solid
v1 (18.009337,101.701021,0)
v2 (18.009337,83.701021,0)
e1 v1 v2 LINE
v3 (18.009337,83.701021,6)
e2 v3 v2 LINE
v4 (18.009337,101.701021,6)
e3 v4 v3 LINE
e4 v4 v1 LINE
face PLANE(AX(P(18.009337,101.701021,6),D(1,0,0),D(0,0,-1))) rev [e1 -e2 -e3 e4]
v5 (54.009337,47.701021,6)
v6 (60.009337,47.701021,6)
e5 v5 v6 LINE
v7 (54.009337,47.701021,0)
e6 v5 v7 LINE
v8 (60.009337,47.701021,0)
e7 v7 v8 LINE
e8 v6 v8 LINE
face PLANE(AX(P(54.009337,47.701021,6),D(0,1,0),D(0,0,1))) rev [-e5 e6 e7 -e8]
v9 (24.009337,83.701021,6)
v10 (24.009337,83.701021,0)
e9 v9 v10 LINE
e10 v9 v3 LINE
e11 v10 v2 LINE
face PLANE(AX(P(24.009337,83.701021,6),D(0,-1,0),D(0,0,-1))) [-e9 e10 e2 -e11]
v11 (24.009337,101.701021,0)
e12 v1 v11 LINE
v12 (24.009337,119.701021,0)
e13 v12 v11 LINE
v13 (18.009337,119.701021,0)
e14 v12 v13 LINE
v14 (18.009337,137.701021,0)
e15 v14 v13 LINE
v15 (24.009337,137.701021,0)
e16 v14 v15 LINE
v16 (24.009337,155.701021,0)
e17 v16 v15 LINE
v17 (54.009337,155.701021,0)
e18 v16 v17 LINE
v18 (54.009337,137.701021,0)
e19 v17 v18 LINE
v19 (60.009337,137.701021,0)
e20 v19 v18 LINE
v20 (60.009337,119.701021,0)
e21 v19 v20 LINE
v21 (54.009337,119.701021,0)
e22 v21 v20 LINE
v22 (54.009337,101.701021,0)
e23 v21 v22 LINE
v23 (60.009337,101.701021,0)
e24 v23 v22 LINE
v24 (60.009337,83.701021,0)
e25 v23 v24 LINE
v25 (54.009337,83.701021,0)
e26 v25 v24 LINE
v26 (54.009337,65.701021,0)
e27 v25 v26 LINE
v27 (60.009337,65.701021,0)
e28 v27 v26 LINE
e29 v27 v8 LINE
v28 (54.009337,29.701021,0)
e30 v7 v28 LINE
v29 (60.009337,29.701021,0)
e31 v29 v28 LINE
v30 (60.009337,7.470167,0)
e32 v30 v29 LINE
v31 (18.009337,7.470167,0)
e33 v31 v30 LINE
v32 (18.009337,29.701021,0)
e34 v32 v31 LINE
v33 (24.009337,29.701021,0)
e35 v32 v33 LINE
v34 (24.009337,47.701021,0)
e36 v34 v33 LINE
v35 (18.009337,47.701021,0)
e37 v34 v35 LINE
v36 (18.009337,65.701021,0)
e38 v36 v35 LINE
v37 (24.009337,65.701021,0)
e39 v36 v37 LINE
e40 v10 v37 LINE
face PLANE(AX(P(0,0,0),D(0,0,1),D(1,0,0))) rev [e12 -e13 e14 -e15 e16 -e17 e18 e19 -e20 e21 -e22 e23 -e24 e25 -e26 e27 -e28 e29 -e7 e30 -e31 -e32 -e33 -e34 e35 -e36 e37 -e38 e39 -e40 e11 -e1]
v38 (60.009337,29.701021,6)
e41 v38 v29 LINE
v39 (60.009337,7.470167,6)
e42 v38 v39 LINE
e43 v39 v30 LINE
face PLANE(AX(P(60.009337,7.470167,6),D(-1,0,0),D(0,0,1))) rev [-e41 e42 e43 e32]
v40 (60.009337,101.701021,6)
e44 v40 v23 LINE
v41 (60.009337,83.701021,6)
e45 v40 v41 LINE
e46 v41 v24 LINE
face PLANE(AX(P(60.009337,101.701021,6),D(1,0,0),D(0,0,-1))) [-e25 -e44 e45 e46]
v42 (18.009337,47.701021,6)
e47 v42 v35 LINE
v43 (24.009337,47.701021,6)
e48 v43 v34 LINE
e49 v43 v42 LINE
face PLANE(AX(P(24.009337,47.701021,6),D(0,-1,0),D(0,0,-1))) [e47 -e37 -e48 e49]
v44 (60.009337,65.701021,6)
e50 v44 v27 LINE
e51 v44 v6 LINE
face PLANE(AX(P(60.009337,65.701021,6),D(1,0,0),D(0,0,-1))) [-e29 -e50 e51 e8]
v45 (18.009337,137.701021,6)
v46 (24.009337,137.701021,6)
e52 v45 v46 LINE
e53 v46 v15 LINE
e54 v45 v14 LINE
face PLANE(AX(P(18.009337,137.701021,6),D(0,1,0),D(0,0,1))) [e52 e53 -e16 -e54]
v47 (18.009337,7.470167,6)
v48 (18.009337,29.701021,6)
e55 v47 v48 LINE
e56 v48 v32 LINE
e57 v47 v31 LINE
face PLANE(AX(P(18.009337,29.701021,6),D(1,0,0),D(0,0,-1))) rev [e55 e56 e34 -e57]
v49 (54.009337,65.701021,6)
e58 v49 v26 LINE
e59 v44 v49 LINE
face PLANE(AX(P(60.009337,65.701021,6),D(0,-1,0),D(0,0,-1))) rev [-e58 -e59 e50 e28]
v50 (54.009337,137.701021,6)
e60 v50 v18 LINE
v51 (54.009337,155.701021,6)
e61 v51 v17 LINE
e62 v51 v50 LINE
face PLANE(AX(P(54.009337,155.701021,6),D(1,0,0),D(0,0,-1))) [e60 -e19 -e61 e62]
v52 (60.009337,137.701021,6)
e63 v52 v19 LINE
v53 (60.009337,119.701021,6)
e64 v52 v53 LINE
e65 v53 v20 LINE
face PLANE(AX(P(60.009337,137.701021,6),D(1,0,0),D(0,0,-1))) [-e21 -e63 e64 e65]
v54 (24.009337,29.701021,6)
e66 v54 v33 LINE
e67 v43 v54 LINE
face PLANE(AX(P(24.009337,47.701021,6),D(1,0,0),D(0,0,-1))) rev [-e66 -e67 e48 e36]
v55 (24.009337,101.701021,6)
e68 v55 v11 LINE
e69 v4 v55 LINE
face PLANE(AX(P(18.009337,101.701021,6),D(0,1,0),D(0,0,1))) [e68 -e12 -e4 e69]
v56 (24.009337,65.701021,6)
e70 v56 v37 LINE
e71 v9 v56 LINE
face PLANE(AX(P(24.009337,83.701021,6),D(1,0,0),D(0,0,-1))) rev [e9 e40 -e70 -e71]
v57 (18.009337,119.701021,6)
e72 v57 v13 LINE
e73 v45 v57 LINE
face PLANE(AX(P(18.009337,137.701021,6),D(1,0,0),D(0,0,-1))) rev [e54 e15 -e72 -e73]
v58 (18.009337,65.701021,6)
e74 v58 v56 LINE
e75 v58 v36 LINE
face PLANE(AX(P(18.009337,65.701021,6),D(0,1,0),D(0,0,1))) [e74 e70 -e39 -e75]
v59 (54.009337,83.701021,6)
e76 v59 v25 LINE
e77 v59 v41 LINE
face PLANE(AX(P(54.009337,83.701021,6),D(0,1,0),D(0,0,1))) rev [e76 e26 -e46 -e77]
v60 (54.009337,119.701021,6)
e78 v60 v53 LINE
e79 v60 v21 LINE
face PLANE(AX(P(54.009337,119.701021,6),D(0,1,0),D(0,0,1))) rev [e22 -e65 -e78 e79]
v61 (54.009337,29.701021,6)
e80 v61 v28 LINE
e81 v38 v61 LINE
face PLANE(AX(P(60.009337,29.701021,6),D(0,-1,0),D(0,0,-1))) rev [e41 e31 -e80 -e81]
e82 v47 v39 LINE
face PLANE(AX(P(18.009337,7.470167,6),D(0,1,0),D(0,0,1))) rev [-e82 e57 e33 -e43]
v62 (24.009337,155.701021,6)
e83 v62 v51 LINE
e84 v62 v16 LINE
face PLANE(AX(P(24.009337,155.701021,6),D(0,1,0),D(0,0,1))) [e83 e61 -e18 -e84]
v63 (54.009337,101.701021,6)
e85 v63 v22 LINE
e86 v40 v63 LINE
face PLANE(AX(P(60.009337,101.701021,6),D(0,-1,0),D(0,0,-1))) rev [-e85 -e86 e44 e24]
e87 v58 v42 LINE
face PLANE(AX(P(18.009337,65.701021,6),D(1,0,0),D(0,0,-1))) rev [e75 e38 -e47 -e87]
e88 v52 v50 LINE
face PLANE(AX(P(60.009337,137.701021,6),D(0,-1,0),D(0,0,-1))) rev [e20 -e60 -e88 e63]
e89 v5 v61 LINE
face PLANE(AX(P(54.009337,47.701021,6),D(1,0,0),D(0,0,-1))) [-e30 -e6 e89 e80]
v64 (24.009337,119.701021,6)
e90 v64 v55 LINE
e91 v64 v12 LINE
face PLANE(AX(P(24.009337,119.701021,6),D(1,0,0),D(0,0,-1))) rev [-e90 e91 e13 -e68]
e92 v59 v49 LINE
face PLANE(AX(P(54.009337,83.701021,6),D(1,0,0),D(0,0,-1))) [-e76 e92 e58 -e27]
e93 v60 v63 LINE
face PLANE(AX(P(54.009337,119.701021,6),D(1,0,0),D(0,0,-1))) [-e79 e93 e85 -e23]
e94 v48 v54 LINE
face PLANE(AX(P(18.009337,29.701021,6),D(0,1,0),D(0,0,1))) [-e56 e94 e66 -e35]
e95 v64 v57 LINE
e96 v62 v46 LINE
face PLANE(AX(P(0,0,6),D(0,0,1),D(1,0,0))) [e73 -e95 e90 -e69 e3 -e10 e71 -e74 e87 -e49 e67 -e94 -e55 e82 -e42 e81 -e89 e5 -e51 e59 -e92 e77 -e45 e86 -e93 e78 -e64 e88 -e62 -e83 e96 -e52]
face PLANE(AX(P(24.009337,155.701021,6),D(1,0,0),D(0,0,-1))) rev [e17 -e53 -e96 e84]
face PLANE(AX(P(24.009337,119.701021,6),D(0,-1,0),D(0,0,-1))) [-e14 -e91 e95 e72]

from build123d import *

# Parameters (mm, degrees)
BOSS_EXTRUDE1_DEPTH = 6


with BuildPart() as part:
    # Model → Boss-Extrude1 (new body)
    with BuildSketch(Plane.XY):
        Polygon((60.009337191, 137.701021173), (54.009337191, 137.701021173), (54.009337191, 155.701021173), (24.009337191, 155.701021173), (24.009337191, 137.701021173), (18.009337191, 137.701021173), (18.009337191, 119.701021173), (24.009337191, 119.701021173), (24.009337191, 101.701021173), (18.009337191, 101.701021173), (18.009337191, 83.701021173), (24.009337191, 83.701021173), (24.009337191, 65.701021173), (18.009337191, 65.701021173), (18.009337191, 47.701021173), (24.009337191, 47.701021173), (24.009337191, 29.701021173), (18.009337191, 29.701021173), (18.009337191, 11.701021173), (18.009337191, 7.470166535), (60.009337191, 7.470166535), (60.009337191, 11.701021173), (60.009337191, 29.701021173), (54.009337191, 29.701021173), (54.009337191, 47.701021173), (60.009337191, 47.701021173), (60.009337191, 65.701021173), (54.009337191, 65.701021173), (54.009337191, 83.701021173), (60.009337191, 83.701021173), (60.009337191, 101.701021173), (54.009337191, 101.701021173), (54.009337191, 119.701021173), (60.009337191, 119.701021173), align=None)
    extrude(amount=BOSS_EXTRUDE1_DEPTH)


solid = part.part
